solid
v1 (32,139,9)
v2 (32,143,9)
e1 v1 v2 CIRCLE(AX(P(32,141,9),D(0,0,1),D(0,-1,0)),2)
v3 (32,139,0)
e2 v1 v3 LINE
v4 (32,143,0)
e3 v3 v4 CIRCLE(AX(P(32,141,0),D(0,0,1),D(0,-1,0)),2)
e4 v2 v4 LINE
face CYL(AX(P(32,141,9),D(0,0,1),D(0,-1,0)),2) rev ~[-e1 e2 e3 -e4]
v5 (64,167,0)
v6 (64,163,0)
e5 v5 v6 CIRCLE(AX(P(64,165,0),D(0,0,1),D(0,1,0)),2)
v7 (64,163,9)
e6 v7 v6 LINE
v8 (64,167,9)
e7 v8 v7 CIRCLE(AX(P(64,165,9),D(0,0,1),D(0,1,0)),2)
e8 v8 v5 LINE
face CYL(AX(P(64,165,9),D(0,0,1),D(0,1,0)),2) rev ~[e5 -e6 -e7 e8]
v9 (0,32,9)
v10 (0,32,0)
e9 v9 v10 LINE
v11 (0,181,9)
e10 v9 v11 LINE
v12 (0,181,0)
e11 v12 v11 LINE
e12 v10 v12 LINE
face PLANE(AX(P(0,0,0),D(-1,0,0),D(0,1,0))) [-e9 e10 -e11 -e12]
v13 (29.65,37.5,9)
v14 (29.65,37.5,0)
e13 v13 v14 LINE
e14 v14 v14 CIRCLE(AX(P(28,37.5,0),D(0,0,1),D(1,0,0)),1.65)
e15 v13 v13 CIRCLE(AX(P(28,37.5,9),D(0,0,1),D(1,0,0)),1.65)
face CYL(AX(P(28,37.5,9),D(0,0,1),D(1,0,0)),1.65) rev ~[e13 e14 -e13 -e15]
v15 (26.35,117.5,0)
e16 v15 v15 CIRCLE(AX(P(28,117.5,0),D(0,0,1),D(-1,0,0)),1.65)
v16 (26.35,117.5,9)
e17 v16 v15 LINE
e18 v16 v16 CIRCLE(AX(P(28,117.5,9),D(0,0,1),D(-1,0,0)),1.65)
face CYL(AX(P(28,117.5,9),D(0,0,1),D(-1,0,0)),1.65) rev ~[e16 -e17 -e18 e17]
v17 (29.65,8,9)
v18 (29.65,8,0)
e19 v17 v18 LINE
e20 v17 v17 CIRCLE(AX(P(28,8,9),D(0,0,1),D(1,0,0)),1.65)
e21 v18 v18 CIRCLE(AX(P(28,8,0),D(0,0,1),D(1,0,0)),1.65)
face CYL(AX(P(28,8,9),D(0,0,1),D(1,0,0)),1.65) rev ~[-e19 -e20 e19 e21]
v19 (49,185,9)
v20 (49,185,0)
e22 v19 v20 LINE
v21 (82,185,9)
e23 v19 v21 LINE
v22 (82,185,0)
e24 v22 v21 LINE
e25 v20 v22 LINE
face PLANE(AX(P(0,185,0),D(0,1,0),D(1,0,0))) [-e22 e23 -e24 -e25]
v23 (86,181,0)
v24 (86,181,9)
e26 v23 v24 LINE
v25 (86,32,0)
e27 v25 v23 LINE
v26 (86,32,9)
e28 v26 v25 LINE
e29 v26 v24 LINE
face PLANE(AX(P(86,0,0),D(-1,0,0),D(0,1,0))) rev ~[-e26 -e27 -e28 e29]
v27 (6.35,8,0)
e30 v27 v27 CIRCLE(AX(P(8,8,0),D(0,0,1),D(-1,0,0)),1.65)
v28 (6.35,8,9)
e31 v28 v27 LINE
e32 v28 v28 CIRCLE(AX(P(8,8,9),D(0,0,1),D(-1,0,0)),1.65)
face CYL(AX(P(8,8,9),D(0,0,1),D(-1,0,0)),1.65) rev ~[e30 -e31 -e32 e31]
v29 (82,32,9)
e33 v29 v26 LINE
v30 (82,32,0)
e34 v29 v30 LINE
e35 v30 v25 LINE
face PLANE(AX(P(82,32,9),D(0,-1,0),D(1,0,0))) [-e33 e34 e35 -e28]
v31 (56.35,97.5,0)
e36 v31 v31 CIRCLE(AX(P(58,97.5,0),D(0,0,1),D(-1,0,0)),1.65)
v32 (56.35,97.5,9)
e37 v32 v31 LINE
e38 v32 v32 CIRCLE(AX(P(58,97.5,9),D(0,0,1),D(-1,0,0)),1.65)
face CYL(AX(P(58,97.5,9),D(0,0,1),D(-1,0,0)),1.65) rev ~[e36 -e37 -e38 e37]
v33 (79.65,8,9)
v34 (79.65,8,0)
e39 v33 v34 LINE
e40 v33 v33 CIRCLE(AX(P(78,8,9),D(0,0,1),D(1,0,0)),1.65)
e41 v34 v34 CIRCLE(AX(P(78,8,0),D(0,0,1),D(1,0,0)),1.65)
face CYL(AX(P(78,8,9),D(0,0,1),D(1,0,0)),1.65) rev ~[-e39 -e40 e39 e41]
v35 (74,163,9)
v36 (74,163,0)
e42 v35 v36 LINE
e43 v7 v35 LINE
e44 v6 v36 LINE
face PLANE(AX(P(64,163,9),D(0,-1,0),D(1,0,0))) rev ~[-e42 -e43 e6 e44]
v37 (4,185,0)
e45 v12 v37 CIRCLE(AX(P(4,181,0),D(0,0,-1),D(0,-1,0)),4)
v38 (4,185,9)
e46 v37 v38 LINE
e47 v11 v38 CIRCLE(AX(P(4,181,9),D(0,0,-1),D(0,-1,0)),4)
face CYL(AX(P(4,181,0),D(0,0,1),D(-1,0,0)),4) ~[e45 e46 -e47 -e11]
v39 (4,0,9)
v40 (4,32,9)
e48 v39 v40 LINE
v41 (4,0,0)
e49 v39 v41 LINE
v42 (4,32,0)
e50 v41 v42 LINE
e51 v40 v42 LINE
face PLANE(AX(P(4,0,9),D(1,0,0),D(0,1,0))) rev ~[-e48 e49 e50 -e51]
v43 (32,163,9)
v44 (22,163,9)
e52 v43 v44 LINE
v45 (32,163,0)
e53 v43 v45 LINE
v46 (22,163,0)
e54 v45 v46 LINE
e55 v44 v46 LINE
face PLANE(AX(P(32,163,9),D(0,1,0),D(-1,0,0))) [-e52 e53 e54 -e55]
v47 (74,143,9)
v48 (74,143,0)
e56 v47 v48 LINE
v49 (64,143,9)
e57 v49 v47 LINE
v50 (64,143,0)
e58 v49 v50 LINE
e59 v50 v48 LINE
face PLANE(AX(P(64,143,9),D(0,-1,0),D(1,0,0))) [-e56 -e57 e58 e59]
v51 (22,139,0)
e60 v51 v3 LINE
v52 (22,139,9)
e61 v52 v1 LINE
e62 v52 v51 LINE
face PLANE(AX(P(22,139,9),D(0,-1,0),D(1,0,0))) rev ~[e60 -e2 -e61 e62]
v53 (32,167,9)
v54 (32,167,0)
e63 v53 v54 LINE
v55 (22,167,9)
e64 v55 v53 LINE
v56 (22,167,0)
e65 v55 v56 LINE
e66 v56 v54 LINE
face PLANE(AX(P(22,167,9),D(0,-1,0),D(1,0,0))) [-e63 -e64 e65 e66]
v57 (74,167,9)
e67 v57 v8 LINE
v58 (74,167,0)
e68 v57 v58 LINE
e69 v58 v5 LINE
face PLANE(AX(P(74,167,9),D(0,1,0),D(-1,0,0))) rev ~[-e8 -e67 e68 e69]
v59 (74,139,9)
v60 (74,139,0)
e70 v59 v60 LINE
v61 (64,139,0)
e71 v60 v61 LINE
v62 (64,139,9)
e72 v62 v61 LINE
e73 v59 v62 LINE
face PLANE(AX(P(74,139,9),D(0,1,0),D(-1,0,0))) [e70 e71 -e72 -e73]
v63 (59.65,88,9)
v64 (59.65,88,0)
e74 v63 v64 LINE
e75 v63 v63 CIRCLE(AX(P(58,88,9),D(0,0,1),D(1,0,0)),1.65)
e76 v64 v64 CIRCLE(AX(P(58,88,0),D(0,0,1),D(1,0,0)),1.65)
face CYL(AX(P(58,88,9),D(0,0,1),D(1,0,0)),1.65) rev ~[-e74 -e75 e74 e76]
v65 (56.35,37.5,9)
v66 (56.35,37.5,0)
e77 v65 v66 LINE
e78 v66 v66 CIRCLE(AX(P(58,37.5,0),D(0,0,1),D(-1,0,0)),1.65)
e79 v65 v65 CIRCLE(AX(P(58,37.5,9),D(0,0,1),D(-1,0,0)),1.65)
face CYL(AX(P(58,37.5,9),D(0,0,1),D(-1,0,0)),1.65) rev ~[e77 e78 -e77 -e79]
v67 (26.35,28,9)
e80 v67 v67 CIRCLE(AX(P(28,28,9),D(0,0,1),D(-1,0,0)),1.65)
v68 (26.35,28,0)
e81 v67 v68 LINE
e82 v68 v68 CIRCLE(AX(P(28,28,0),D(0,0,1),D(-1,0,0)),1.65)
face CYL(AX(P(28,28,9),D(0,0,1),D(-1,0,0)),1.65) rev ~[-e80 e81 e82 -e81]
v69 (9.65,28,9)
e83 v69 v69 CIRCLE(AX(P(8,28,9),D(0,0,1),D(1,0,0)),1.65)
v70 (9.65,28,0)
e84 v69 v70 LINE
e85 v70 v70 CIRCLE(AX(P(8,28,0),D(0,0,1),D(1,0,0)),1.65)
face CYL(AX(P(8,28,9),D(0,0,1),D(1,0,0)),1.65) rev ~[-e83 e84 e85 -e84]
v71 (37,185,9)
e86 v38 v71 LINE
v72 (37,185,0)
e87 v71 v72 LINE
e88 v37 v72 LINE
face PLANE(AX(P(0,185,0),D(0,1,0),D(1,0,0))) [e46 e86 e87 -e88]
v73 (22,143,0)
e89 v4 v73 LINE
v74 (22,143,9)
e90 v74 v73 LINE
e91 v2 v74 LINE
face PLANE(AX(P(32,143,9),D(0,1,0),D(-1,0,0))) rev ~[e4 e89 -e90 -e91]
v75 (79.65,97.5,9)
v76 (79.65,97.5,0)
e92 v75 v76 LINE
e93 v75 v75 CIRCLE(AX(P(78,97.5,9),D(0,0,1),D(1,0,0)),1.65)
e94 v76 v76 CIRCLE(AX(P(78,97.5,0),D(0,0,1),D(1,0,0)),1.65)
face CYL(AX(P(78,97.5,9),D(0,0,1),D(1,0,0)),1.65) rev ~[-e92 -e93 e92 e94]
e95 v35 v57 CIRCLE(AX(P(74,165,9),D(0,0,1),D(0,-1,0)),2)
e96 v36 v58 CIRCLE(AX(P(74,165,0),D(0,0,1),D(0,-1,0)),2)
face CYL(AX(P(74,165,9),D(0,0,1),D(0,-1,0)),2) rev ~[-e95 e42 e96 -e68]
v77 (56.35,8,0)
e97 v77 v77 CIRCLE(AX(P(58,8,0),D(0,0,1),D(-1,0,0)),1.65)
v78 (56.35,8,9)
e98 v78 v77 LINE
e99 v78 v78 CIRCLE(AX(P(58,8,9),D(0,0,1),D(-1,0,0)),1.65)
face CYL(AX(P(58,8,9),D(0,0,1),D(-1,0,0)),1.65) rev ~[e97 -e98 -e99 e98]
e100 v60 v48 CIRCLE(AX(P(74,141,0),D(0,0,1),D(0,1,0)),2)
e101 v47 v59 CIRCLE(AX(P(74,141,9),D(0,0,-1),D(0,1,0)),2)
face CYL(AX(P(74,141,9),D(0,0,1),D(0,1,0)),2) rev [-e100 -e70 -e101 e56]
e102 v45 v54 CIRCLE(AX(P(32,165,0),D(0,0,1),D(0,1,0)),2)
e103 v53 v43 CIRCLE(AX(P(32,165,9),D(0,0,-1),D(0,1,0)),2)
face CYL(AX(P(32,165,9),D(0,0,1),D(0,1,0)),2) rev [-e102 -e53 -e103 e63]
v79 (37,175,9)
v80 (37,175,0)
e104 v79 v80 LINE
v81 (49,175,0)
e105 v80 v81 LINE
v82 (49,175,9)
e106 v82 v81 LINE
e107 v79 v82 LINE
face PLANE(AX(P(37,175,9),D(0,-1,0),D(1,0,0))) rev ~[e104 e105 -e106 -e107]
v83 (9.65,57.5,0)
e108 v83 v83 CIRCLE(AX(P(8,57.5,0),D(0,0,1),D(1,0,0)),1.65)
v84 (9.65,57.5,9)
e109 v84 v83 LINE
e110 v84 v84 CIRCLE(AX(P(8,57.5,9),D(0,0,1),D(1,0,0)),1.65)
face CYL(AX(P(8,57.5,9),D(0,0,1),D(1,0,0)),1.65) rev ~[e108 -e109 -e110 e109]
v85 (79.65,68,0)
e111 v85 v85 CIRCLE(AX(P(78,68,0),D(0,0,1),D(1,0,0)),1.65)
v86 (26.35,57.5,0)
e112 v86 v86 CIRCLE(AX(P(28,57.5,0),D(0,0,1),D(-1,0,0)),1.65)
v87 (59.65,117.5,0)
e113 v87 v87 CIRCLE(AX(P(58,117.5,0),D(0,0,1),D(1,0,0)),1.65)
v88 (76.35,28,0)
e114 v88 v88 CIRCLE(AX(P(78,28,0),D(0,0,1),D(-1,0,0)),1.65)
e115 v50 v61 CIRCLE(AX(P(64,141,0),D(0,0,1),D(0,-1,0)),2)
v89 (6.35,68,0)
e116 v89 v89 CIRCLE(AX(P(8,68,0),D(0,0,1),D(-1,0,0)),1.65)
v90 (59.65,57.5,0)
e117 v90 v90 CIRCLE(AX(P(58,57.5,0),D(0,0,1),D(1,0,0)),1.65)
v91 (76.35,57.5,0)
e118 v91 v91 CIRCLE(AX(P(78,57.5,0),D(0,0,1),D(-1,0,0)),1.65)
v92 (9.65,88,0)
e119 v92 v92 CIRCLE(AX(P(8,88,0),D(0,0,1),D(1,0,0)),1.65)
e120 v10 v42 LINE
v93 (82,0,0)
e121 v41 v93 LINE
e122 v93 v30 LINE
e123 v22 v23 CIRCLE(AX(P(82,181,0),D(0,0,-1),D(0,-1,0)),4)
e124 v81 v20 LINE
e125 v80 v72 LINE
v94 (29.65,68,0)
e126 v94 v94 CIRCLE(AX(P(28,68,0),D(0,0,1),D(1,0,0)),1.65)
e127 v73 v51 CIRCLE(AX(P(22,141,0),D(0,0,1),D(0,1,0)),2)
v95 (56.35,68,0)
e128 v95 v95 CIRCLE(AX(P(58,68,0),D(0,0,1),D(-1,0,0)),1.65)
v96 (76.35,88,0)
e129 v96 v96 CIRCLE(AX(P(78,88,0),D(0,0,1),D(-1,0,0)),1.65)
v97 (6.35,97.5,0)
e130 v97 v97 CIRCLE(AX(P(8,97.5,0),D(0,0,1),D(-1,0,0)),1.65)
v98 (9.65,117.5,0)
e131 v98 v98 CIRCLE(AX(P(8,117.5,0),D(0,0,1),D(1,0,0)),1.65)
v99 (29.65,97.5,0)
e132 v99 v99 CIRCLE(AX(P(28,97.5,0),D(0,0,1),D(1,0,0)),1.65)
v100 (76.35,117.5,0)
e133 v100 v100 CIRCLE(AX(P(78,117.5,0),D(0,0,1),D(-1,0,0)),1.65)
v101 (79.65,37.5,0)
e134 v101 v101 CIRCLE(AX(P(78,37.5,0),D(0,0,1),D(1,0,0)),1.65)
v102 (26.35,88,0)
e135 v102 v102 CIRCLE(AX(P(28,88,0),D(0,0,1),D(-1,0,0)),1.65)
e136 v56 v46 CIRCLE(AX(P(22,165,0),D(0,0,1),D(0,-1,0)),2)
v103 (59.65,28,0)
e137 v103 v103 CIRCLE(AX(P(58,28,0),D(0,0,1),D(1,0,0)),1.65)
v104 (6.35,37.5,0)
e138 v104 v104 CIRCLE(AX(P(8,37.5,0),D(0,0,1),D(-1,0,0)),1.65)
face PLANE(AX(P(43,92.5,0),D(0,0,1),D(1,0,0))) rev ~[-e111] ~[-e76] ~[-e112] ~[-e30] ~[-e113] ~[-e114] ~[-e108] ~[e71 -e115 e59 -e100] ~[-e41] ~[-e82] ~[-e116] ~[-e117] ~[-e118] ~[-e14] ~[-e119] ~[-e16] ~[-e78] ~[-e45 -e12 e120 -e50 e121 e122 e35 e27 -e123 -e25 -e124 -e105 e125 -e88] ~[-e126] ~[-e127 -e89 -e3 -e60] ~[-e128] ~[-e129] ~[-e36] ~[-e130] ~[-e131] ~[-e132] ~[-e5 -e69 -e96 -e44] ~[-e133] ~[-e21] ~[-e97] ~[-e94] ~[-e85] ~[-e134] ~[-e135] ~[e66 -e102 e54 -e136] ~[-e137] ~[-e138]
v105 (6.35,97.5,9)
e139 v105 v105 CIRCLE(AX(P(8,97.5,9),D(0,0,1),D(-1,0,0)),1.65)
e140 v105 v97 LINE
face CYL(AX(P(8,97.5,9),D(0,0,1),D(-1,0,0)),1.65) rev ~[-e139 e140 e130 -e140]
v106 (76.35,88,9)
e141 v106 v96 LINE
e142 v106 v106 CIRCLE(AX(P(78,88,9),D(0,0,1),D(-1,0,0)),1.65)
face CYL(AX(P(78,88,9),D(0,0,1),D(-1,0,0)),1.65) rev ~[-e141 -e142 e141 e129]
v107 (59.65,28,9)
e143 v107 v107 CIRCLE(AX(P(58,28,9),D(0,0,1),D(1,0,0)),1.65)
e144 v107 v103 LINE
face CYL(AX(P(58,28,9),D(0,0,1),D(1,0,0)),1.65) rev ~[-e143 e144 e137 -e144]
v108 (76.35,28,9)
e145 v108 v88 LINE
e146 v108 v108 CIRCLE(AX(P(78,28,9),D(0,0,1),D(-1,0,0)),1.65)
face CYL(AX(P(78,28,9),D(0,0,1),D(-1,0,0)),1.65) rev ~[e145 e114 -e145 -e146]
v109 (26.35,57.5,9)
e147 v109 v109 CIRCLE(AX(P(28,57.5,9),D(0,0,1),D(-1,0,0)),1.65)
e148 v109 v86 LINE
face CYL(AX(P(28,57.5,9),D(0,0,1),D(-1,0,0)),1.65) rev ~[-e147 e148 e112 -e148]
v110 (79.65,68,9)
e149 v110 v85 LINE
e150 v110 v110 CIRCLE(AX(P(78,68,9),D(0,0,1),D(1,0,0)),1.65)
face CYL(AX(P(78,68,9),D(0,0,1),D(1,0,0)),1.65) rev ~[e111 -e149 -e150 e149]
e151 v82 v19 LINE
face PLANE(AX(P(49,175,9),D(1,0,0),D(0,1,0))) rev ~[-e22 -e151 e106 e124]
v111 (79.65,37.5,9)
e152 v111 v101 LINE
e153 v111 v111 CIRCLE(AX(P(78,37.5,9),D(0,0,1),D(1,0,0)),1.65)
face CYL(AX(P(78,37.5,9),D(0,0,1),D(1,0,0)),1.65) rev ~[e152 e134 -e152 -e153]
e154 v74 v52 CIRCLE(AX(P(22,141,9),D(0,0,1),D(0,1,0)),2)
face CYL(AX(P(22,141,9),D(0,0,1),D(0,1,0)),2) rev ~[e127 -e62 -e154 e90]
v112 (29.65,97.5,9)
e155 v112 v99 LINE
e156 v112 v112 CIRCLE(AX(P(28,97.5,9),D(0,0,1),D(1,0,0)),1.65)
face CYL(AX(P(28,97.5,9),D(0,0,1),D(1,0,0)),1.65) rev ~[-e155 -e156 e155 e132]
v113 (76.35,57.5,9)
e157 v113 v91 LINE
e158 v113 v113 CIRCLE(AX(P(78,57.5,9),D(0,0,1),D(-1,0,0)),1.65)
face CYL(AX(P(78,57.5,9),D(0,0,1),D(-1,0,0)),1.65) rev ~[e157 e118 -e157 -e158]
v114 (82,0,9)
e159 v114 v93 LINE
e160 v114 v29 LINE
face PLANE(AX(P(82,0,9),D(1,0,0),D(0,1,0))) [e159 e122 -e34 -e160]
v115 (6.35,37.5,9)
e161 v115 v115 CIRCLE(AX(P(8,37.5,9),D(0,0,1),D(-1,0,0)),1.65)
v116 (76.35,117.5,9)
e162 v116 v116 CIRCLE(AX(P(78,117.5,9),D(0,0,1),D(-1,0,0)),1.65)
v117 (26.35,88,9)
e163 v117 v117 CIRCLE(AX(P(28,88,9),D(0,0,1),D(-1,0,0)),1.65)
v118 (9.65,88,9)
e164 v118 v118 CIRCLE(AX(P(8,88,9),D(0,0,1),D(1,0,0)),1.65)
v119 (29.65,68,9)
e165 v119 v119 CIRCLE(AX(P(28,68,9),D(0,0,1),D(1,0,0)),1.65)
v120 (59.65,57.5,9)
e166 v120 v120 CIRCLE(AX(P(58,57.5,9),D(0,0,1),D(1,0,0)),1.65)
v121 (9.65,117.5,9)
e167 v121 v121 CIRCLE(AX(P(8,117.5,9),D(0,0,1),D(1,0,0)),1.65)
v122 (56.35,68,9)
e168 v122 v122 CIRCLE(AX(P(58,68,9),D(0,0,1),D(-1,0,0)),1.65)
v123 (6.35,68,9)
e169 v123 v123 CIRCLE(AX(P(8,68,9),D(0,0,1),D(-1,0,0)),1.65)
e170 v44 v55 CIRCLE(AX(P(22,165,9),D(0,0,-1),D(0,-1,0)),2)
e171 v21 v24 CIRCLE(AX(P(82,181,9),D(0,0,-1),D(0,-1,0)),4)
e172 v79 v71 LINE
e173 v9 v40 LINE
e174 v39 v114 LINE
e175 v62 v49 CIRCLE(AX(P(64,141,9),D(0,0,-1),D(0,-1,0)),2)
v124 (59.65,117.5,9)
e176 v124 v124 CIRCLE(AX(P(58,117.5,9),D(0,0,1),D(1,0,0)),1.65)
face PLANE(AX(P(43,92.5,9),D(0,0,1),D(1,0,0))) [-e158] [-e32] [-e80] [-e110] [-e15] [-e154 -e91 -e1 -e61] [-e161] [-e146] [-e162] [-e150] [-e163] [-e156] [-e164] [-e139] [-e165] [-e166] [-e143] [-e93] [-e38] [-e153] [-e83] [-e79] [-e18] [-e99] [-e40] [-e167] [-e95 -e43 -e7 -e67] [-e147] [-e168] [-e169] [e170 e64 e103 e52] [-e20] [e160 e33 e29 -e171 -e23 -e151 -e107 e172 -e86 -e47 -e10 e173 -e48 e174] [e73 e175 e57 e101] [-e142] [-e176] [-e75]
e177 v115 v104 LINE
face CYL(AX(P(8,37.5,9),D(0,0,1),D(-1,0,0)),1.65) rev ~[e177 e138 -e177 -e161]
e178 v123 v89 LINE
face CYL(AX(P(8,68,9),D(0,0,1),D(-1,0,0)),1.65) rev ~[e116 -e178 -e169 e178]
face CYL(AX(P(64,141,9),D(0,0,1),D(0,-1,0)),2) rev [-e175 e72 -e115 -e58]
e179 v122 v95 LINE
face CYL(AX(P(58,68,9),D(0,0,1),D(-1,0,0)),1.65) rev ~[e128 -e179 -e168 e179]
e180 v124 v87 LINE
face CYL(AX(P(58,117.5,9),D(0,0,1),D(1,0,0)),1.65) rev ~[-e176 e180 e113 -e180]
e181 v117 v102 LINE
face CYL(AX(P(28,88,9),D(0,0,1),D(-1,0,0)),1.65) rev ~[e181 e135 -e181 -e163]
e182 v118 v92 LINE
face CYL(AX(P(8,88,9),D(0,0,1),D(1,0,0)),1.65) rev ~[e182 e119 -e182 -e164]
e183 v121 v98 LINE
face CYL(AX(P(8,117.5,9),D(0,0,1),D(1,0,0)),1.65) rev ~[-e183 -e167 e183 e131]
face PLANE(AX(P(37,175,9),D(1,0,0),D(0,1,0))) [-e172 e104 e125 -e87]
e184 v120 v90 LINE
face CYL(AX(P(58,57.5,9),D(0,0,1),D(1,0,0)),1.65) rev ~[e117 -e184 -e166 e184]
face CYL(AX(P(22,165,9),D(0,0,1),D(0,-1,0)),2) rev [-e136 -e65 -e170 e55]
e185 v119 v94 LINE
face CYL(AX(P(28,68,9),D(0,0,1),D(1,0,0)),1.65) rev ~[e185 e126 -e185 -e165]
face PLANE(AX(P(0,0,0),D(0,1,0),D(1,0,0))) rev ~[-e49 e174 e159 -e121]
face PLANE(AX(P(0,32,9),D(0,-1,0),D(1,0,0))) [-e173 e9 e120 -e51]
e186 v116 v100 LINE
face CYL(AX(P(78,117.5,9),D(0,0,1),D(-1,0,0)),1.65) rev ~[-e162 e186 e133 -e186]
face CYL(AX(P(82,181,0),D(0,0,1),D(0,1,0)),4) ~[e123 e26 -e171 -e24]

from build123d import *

# Parameters (mm, degrees)
ESQUISSE1_W             = 86
ESQUISSE1_H             = 185
BOSS_EXTRU_1_DEPTH      = 9
ESQUISSE2_R             = 1.65
ENL_V_MAT_EXTRU_1_DEPTH = 205.210675529
ESQUISSE3_R             = 1.65
ENL_V_MAT_EXTRU_2_DEPTH = 205.210675529
ESQUISSE4_W             = 4
ESQUISSE4_H             = 32
ENL_V_MAT_EXTRU_3_DEPTH = 205.210675529
ENL_V_MAT_EXTRU_4_DEPTH = 205.210675529
ESQUISSE7_W             = 12
ESQUISSE7_H             = 10
ENL_V_MAT_EXTRU_5_DEPTH = 205.210675529
CONG_1_R                = 4


with BuildPart() as part:
    # Esquisse1 → Boss.-Extru.1 (new body)
    with BuildSketch(Plane.XY):
        with Locations((43, 92.5)):
            Rectangle(ESQUISSE1_W, ESQUISSE1_H)
    extrude(amount=BOSS_EXTRU_1_DEPTH)

    # Esquisse2 → Enlèv. mat.-Extru.1 (cut, through all)
    with BuildSketch(Plane.XY.offset(9)):
        with Locations((8, 57.5)):
            Circle(ESQUISSE2_R)
        with Locations(Location((28, 57.5, 0), (0, 0, 180))):
            Circle(ESQUISSE2_R)
        with Locations((28, 37.5)):
            Circle(ESQUISSE2_R)
        with Locations(Location((8, 37.5, 0), (0, 0, 180))):
            Circle(ESQUISSE2_R)
        with Locations((78, 37.5)):
            Circle(ESQUISSE2_R)
        with Locations(Location((58, 37.5, 0), (0, 0, 180))):
            Circle(ESQUISSE2_R)
        with Locations((58, 57.5)):
            Circle(ESQUISSE2_R)
        with Locations(Location((78, 57.5, 0), (0, 0, 180))):
            Circle(ESQUISSE2_R)
        with Locations((78, 97.5)):
            Circle(ESQUISSE2_R)
        with Locations(Location((58, 97.5, 0), (0, 0, 180))):
            Circle(ESQUISSE2_R)
        with Locations((58, 117.5)):
            Circle(ESQUISSE2_R)
        with Locations(Location((78, 117.5, 0), (0, 0, 180))):
            Circle(ESQUISSE2_R)
        with Locations((8, 117.5)):
            Circle(ESQUISSE2_R)
        with Locations(Location((28, 117.5, 0), (0, 0, 180))):
            Circle(ESQUISSE2_R)
        with Locations((28, 97.5)):
            Circle(ESQUISSE2_R)
        with Locations(Location((8, 97.5, 0), (0, 0, 180))):
            Circle(ESQUISSE2_R)
    extrude(amount=-ENL_V_MAT_EXTRU_1_DEPTH, mode=Mode.SUBTRACT)

    # Esquisse3 → Enlèv. mat.-Extru.2 (cut, through all)
    with BuildSketch(Plane.XY.offset(9)):
        with Locations((8, 28)):
            Circle(ESQUISSE3_R)
        with Locations(Location((8, 8, 0), (0, 0, 180))):
            Circle(ESQUISSE3_R)
        with Locations((28, 8)):
            Circle(ESQUISSE3_R)
        with Locations(Location((28, 28, 0), (0, 0, 180))):
            Circle(ESQUISSE3_R)
        with Locations((28, 68)):
            Circle(ESQUISSE3_R)
        with Locations(Location((28, 88, 0), (0, 0, 180))):
            Circle(ESQUISSE3_R)
        with Locations((8, 88)):
            Circle(ESQUISSE3_R)
        with Locations(Location((8, 68, 0), (0, 0, 180))):
            Circle(ESQUISSE3_R)
        with Locations((78, 68)):
            Circle(ESQUISSE3_R)
        with Locations(Location((78, 88, 0), (0, 0, 180))):
            Circle(ESQUISSE3_R)
        with Locations((58, 88)):
            Circle(ESQUISSE3_R)
        with Locations(Location((58, 68, 0), (0, 0, 180))):
            Circle(ESQUISSE3_R)
        with Locations((58, 28)):
            Circle(ESQUISSE3_R)
        with Locations(Location((58, 8, 0), (0, 0, 180))):
            Circle(ESQUISSE3_R)
        with Locations((78, 8)):
            Circle(ESQUISSE3_R)
        with Locations(Location((78, 28, 0), (0, 0, 180))):
            Circle(ESQUISSE3_R)
    extrude(amount=-ENL_V_MAT_EXTRU_2_DEPTH, mode=Mode.SUBTRACT)

    # Esquisse4 → Enlèv. mat.-Extru.3 (cut, through all)
    with BuildSketch(Plane.XY.offset(9)):
        with Locations((2, 16)):
            Rectangle(ESQUISSE4_W, ESQUISSE4_H)
        with Locations((84, 16)):
            Rectangle(ESQUISSE4_W, ESQUISSE4_H)
    extrude(amount=-ENL_V_MAT_EXTRU_3_DEPTH, mode=Mode.SUBTRACT)

    # Esquisse6 → Enlèv. mat.-Extru.4 (cut, through all)
    with BuildSketch(Plane.XY.offset(9)):
        with BuildLine():
            Line((22, 167), (32, 167))
            ThreePointArc((32, 167), (34, 165), (32, 163))
            Line((32, 163), (22, 163))
            ThreePointArc((22, 163), (20, 165), (22, 167))
        make_face()
        with BuildLine():
            Line((22, 139), (32, 139))
            ThreePointArc((32, 139), (34, 141), (32, 143))
            Line((32, 143), (22, 143))
            ThreePointArc((22, 143), (20, 141), (22, 139))
        make_face()
        with BuildLine():
            Line((74, 167), (64, 167))
            ThreePointArc((64, 167), (62, 165), (64, 163))
            Line((64, 163), (74, 163))
            ThreePointArc((74, 163), (76, 165), (74, 167))
        make_face()
        with BuildLine():
            Line((74, 139), (64, 139))
            ThreePointArc((64, 139), (62, 141), (64, 143))
            Line((64, 143), (74, 143))
            ThreePointArc((74, 143), (76, 141), (74, 139))
        make_face()
    extrude(amount=-ENL_V_MAT_EXTRU_4_DEPTH, mode=Mode.SUBTRACT)

    # Esquisse7 → Enlèv. mat.-Extru.5 (cut, through all)
    with BuildSketch(Plane.XY.offset(9)):
        with Locations((43, 180)):
            Rectangle(ESQUISSE7_W, ESQUISSE7_H)
    extrude(amount=-ENL_V_MAT_EXTRU_5_DEPTH, mode=Mode.SUBTRACT)

    # Congé1
    cong_1_edges = [part.edges().sort_by_distance(p)[0] for p in [
        (0, 185, 4.5),
        (86, 185, 4.5),
    ]]
    fillet(cong_1_edges, radius=CONG_1_R)


solid = part.part
